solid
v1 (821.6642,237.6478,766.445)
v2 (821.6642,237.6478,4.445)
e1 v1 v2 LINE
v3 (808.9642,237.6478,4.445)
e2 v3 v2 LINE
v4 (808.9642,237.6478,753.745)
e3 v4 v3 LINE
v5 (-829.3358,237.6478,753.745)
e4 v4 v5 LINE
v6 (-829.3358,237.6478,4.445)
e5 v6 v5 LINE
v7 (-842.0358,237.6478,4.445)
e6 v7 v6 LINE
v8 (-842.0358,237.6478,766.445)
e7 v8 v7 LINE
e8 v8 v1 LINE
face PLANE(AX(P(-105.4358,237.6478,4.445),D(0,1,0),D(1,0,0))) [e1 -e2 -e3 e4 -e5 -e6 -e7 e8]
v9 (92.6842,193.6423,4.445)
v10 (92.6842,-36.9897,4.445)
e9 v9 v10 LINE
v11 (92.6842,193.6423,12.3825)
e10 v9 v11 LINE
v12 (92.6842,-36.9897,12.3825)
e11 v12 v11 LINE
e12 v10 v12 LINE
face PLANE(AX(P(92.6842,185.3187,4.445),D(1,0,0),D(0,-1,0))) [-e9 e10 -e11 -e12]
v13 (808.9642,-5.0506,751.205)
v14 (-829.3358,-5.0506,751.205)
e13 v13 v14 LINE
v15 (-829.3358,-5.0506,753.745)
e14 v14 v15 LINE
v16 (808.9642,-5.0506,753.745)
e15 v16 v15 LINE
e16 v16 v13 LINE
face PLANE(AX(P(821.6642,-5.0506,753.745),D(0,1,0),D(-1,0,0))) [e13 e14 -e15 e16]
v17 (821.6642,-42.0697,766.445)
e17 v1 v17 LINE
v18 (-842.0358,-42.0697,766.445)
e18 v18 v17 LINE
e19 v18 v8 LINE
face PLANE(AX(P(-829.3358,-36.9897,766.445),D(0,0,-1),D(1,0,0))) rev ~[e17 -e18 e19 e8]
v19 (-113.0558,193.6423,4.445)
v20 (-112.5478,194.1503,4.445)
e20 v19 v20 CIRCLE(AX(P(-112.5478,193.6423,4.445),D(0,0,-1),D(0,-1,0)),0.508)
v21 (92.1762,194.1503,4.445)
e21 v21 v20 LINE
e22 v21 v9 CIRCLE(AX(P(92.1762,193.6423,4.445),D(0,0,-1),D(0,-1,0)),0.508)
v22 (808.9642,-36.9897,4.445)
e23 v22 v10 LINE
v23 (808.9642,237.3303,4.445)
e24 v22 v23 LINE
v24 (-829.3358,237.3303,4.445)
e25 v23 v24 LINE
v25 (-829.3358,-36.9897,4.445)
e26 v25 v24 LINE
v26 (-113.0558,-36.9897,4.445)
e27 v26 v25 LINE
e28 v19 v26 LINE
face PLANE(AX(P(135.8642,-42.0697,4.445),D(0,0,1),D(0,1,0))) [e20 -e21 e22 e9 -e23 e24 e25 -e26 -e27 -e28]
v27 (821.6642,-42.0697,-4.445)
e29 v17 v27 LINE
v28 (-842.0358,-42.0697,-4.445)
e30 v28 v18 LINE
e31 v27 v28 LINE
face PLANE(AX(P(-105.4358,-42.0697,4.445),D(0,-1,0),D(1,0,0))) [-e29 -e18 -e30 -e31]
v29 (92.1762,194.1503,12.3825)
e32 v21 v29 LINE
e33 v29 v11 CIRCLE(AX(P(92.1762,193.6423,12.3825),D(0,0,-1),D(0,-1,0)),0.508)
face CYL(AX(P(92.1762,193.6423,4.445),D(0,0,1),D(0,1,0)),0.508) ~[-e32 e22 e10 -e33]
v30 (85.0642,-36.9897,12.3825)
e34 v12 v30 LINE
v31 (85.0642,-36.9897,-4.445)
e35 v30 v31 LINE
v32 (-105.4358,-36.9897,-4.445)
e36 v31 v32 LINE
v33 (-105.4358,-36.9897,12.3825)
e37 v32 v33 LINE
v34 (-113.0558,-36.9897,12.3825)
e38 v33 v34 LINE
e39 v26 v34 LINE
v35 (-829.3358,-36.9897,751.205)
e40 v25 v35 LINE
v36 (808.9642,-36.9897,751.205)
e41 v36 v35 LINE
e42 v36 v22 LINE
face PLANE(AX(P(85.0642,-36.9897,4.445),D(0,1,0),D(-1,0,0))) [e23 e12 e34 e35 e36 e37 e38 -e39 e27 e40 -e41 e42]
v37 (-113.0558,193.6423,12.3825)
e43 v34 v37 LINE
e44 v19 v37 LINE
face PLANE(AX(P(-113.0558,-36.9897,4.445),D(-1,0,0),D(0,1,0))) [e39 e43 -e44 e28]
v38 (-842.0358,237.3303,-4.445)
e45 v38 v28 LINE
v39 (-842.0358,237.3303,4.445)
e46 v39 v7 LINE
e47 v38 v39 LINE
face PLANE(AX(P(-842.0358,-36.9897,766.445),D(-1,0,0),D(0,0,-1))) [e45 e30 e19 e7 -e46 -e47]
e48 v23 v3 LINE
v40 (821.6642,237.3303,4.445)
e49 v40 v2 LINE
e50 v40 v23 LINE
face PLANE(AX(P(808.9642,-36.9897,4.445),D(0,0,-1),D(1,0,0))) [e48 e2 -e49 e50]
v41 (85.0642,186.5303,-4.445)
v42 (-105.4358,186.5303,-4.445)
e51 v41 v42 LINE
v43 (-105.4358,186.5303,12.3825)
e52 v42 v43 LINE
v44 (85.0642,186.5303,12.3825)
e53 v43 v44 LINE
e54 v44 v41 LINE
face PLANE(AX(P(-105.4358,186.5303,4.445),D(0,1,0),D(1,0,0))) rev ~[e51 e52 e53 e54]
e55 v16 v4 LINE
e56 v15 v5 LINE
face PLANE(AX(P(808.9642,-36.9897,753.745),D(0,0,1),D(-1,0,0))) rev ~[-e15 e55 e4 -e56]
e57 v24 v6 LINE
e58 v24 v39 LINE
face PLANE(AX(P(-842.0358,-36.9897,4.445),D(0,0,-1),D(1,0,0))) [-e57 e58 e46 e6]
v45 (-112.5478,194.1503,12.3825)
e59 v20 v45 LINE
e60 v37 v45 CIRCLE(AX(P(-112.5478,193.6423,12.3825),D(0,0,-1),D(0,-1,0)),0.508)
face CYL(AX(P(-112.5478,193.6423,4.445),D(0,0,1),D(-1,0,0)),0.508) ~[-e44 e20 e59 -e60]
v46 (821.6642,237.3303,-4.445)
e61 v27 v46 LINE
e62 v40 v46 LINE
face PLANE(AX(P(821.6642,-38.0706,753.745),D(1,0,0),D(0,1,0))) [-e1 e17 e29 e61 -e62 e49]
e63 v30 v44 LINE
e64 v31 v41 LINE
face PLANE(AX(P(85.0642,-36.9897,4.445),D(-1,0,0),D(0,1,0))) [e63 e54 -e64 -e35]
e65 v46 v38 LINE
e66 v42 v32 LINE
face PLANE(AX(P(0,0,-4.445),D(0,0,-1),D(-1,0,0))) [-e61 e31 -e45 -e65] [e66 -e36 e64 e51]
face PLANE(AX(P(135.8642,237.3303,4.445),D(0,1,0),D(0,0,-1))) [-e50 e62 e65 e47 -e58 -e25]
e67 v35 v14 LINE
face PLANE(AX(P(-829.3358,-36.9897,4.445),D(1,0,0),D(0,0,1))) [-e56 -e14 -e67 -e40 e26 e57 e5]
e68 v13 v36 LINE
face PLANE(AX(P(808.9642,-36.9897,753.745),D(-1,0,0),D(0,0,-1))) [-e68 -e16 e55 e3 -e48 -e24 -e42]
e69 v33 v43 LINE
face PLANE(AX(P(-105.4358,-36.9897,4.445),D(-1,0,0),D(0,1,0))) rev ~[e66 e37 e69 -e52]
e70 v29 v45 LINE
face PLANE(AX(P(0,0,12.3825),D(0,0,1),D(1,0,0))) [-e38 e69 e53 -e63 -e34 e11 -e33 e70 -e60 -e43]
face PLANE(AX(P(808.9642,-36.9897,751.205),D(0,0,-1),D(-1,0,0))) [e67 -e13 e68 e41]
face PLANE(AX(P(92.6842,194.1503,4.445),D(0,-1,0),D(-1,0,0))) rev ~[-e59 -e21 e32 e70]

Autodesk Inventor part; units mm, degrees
ref_plane "YZ Plane" through (0, 0, 0) normal (1, 0, 0) x (0, 1, 0)
ref_plane "XZ Plane" through (0, 0, 0) normal (0, 1, 0) x (-1, 0, 0)
ref_plane "XY Plane" through (0, 0, 0) normal (0, 0, 1) x (1, 0, 0)
sketch "Sketch1" plane through (0, 0, 0) normal (0, 0, 1) x (1, 0, 0)
  line L0 (-105.4358, -42.0697) -> (85.0642, -42.0697)
  line L1 (85.0642, -42.0697) -> (85.0642, 186.5303)
  line L2 (85.0642, 186.5303) -> (-105.4358, 186.5303)
  line L3 (-105.4358, 186.5303) -> (-105.4358, -42.0697)
  line L4 (-105.4358, -42.0697) -> (-156.2358, -42.0697)
  line L5 (-156.2358, -42.0697) -> (-156.2358, 237.3303)
  line L6 (-156.2358, 237.3303) -> (135.8642, 237.3303)
  line L7 (135.8642, 237.3303) -> (135.8642, -42.0697)
  line L8 (135.8642, -42.0697) -> (85.0642, -42.0697)
  point P0 (0, 0)
  dimension "d0" = 228.6
  dimension "d1" = 190.5
  dimension "d2" = 50.8
  dimension "d3" = 279.4
  dimension "d4" = 292.1
extrude "Door Frame CR" add sketch "Sketch1" along normal mid plane 8.89 contours L4 L5 L6 L7 L8 L1 L2 L3
sketch "Sketch2" plane through (-156.2358, -42.0697, 4.445) normal (-1, 0, 0) x (0, 0, 1)
  line L0 (-8.89, 279.4) -> (-8.89, 0) projected
  line L1 (-8.89, 279.4) -> (0, 279.4)
  line L2 (0, 279.4) -> (0, 0)
  line L3 (0, 0) -> (-8.89, 0)
  line L4 (-8.89, 0) -> (-8.89, 279.4)
  point P0 (-4.445, 42.0697)
extrude "Door Frame left Extruded" add sketch "Sketch2" along normal blind 685.8
sketch "Sketch4" plane through (135.8642, -42.0697, 4.445) normal (1, 0, 0) x (0, 0, -1)
  line L0 (0, 0) -> (0, 279.4) projected
  line L1 (8.89, 228.6) -> (8.89, 0) projected
  line L2 (0, 279.4) -> (8.89, 279.4)
  line L3 (8.89, 279.4) -> (8.89, 0)
  line L4 (8.89, 0) -> (0, 0)
  line L5 (0, 0) -> (0, 279.4)
  point P0 (4.445, 42.0697)
extrude "Door Frame right Extruded" add sketch "Sketch4" along normal blind 685.8
sketch "Sketch5" plane through (0, 0, 4.445) normal (0, 0, 1) x (1, 0, 0)
  line L0 (-842.0358, 237.3303) -> (-842.0358, -42.0697) projected
  line L1 (821.6642, 237.3303) -> (821.6642, -42.0697) projected
  line L2 (-842.0358, -42.0697) -> (821.6642, -42.0697)
  line L3 (821.6642, -42.0697) -> (821.6642, -36.9897)
  line L4 (821.6642, -36.9897) -> (-842.0358, -36.9897)
  line L5 (-842.0358, -36.9897) -> (-842.0358, -42.0697)
  point P0 (0, 0)
  dimension "d11" = 5.08
extrude "Floor" add sketch "Sketch5" along normal blind 762
sketch "Sketch7" plane through (-105.4358, -36.9897, 4.445) normal (0, 1, 0) x (1, 0, 0)
  line L0 (-736.6, 0) -> (0, 0) projected
  line L1 (-736.6, -762) -> (927.1, -762) projected
  line L2 (-736.6, 0) -> (-723.9, 0)
  line L3 (-723.9, 0) -> (-723.9, -749.3)
  line L4 (-723.9, -762) -> (-736.6, -762)
  line L5 (-736.6, -762) -> (-736.6, 0)
  line L6 (927.1, 8.89) -> (927.1, -762) projected
  line L7 (-723.9, -762) -> (927.1, -762)
  line L8 (927.1, -762) -> (927.1, -749.3)
  line L9 (914.4, -749.3) -> (-723.9, -749.3)
  line L10 (190.5, 0) -> (927.1, 0) projected
  line L11 (914.4, -749.3) -> (914.4, 0)
  line L12 (914.4, 0) -> (927.1, 0)
  line L13 (927.1, 0) -> (927.1, -749.3)
  point P0 (105.4358, 4.445)
  dimension "d21" = 12.7
extrude "Walls" add sketch "Sketch7" along normal blind 274.6375
sketch "Door Frame" plane through (0, 0, 4.445) normal (0, 0, 1) x (1, 0, 0)
  line L0 (-105.4358, -36.9897) -> (-105.4358, 186.5303) projected
  line L1 (-105.4358, -36.9897) -> (-113.0558, -36.9897)
  line L2 (-113.0558, -36.9897) -> (-113.0558, 186.5303)
  line L3 (-105.4358, 186.5303) -> (-105.4358, -36.9897)
  line L4 (-105.4358, 186.5303) -> (85.0642, 186.5303) projected
  line L5 (92.6842, 185.3187) -> (92.6842, -36.9897)
  line L6 (92.6842, -36.9897) -> (85.0642, -36.9897)
  line L7 (85.0642, -36.9897) -> (85.0642, 186.5303)
  line L8 (-105.4358, 186.5303) -> (85.0642, 186.5303)
  line L9 (92.6842, 185.3187) -> (92.6842, 194.1503)
  line L10 (92.6842, 194.1503) -> (-113.0558, 194.1503)
  line L11 (-113.0558, 194.1503) -> (-113.0558, 186.5303)
  point P0 (0, 0)
  dimension "d27" = 7.62
  dimension "d28" = 7.62
  dimension "d29" = 7.62
extrude "Extrusion7" add sketch "Door Frame" along normal blind 7.9375
fillet "Dorr Fillet" radius 0.508 1 edges at (-113.0558, 194.1503, 8.4138)
fillet "Door Fillet" radius 0.508 1 edges at (92.6842, 194.1503, 8.4138)
sketch "Sketch9" plane through (0, 0, 4.445) normal (0, 0, -1) x (-1, 0, 0)
  line L0 (-85.0642, -36.9897) -> (-85.0642, -42.0697) projected
  line L1 (-85.0642, -36.9897) -> (105.4358, -36.9897)
  line L2 (105.4358, -36.9897) -> (105.4358, -42.0697)
  line L3 (105.4358, -42.0697) -> (-85.0642, -42.0697)
  line L4 (-85.0642, -42.0697) -> (-85.0642, -36.9897)
  point P0 (0, 0)
extrude "Door floor" add sketch "Sketch9" along normal blind 8.89
sketch "Sketch13" plane through (808.9642, -36.9897, 753.745) normal (0, 0, -1) x (-1, 0, 0)
  line L0 (-12.7, -5.08) -> (-12.7, 274.6375) projected
  line L1 (-12.7, 31.9391) -> (1651, 31.9391)
  line L2 (1651, 31.9391) -> (1651, -1.0809)
  line L3 (1651, -1.0809) -> (-12.7, -1.0809)
  line L4 (-12.7, -1.0809) -> (-12.7, 31.9391)
  point P0 (808.9642, 36.9897)
  dimension "d36" = 33.02
extrude "wall board" add sketch "Sketch13" along normal blind 2.54
sketch "Sketch14" plane through (808.9642, -36.9897, 4.445) normal (-1, 0, 0) x (0, 0, 1)
  line L0 (-8.89, -5.08) -> (-8.89, 274.32) projected
  line L1 (762, -5.08) -> (762, 274.6375) projected
  line L2 (-8.89, -5.08) -> (762, -5.08)
  line L3 (762, -5.08) -> (762, 27.94)
  line L4 (762, 27.94) -> (-8.89, 27.94)
  line L5 (-8.89, 27.94) -> (-8.89, -5.08)
  point P0 (-4.445, 36.9897)
  dimension "d39" = 33.02
properties part number "Top Office Layer (safety save)"
